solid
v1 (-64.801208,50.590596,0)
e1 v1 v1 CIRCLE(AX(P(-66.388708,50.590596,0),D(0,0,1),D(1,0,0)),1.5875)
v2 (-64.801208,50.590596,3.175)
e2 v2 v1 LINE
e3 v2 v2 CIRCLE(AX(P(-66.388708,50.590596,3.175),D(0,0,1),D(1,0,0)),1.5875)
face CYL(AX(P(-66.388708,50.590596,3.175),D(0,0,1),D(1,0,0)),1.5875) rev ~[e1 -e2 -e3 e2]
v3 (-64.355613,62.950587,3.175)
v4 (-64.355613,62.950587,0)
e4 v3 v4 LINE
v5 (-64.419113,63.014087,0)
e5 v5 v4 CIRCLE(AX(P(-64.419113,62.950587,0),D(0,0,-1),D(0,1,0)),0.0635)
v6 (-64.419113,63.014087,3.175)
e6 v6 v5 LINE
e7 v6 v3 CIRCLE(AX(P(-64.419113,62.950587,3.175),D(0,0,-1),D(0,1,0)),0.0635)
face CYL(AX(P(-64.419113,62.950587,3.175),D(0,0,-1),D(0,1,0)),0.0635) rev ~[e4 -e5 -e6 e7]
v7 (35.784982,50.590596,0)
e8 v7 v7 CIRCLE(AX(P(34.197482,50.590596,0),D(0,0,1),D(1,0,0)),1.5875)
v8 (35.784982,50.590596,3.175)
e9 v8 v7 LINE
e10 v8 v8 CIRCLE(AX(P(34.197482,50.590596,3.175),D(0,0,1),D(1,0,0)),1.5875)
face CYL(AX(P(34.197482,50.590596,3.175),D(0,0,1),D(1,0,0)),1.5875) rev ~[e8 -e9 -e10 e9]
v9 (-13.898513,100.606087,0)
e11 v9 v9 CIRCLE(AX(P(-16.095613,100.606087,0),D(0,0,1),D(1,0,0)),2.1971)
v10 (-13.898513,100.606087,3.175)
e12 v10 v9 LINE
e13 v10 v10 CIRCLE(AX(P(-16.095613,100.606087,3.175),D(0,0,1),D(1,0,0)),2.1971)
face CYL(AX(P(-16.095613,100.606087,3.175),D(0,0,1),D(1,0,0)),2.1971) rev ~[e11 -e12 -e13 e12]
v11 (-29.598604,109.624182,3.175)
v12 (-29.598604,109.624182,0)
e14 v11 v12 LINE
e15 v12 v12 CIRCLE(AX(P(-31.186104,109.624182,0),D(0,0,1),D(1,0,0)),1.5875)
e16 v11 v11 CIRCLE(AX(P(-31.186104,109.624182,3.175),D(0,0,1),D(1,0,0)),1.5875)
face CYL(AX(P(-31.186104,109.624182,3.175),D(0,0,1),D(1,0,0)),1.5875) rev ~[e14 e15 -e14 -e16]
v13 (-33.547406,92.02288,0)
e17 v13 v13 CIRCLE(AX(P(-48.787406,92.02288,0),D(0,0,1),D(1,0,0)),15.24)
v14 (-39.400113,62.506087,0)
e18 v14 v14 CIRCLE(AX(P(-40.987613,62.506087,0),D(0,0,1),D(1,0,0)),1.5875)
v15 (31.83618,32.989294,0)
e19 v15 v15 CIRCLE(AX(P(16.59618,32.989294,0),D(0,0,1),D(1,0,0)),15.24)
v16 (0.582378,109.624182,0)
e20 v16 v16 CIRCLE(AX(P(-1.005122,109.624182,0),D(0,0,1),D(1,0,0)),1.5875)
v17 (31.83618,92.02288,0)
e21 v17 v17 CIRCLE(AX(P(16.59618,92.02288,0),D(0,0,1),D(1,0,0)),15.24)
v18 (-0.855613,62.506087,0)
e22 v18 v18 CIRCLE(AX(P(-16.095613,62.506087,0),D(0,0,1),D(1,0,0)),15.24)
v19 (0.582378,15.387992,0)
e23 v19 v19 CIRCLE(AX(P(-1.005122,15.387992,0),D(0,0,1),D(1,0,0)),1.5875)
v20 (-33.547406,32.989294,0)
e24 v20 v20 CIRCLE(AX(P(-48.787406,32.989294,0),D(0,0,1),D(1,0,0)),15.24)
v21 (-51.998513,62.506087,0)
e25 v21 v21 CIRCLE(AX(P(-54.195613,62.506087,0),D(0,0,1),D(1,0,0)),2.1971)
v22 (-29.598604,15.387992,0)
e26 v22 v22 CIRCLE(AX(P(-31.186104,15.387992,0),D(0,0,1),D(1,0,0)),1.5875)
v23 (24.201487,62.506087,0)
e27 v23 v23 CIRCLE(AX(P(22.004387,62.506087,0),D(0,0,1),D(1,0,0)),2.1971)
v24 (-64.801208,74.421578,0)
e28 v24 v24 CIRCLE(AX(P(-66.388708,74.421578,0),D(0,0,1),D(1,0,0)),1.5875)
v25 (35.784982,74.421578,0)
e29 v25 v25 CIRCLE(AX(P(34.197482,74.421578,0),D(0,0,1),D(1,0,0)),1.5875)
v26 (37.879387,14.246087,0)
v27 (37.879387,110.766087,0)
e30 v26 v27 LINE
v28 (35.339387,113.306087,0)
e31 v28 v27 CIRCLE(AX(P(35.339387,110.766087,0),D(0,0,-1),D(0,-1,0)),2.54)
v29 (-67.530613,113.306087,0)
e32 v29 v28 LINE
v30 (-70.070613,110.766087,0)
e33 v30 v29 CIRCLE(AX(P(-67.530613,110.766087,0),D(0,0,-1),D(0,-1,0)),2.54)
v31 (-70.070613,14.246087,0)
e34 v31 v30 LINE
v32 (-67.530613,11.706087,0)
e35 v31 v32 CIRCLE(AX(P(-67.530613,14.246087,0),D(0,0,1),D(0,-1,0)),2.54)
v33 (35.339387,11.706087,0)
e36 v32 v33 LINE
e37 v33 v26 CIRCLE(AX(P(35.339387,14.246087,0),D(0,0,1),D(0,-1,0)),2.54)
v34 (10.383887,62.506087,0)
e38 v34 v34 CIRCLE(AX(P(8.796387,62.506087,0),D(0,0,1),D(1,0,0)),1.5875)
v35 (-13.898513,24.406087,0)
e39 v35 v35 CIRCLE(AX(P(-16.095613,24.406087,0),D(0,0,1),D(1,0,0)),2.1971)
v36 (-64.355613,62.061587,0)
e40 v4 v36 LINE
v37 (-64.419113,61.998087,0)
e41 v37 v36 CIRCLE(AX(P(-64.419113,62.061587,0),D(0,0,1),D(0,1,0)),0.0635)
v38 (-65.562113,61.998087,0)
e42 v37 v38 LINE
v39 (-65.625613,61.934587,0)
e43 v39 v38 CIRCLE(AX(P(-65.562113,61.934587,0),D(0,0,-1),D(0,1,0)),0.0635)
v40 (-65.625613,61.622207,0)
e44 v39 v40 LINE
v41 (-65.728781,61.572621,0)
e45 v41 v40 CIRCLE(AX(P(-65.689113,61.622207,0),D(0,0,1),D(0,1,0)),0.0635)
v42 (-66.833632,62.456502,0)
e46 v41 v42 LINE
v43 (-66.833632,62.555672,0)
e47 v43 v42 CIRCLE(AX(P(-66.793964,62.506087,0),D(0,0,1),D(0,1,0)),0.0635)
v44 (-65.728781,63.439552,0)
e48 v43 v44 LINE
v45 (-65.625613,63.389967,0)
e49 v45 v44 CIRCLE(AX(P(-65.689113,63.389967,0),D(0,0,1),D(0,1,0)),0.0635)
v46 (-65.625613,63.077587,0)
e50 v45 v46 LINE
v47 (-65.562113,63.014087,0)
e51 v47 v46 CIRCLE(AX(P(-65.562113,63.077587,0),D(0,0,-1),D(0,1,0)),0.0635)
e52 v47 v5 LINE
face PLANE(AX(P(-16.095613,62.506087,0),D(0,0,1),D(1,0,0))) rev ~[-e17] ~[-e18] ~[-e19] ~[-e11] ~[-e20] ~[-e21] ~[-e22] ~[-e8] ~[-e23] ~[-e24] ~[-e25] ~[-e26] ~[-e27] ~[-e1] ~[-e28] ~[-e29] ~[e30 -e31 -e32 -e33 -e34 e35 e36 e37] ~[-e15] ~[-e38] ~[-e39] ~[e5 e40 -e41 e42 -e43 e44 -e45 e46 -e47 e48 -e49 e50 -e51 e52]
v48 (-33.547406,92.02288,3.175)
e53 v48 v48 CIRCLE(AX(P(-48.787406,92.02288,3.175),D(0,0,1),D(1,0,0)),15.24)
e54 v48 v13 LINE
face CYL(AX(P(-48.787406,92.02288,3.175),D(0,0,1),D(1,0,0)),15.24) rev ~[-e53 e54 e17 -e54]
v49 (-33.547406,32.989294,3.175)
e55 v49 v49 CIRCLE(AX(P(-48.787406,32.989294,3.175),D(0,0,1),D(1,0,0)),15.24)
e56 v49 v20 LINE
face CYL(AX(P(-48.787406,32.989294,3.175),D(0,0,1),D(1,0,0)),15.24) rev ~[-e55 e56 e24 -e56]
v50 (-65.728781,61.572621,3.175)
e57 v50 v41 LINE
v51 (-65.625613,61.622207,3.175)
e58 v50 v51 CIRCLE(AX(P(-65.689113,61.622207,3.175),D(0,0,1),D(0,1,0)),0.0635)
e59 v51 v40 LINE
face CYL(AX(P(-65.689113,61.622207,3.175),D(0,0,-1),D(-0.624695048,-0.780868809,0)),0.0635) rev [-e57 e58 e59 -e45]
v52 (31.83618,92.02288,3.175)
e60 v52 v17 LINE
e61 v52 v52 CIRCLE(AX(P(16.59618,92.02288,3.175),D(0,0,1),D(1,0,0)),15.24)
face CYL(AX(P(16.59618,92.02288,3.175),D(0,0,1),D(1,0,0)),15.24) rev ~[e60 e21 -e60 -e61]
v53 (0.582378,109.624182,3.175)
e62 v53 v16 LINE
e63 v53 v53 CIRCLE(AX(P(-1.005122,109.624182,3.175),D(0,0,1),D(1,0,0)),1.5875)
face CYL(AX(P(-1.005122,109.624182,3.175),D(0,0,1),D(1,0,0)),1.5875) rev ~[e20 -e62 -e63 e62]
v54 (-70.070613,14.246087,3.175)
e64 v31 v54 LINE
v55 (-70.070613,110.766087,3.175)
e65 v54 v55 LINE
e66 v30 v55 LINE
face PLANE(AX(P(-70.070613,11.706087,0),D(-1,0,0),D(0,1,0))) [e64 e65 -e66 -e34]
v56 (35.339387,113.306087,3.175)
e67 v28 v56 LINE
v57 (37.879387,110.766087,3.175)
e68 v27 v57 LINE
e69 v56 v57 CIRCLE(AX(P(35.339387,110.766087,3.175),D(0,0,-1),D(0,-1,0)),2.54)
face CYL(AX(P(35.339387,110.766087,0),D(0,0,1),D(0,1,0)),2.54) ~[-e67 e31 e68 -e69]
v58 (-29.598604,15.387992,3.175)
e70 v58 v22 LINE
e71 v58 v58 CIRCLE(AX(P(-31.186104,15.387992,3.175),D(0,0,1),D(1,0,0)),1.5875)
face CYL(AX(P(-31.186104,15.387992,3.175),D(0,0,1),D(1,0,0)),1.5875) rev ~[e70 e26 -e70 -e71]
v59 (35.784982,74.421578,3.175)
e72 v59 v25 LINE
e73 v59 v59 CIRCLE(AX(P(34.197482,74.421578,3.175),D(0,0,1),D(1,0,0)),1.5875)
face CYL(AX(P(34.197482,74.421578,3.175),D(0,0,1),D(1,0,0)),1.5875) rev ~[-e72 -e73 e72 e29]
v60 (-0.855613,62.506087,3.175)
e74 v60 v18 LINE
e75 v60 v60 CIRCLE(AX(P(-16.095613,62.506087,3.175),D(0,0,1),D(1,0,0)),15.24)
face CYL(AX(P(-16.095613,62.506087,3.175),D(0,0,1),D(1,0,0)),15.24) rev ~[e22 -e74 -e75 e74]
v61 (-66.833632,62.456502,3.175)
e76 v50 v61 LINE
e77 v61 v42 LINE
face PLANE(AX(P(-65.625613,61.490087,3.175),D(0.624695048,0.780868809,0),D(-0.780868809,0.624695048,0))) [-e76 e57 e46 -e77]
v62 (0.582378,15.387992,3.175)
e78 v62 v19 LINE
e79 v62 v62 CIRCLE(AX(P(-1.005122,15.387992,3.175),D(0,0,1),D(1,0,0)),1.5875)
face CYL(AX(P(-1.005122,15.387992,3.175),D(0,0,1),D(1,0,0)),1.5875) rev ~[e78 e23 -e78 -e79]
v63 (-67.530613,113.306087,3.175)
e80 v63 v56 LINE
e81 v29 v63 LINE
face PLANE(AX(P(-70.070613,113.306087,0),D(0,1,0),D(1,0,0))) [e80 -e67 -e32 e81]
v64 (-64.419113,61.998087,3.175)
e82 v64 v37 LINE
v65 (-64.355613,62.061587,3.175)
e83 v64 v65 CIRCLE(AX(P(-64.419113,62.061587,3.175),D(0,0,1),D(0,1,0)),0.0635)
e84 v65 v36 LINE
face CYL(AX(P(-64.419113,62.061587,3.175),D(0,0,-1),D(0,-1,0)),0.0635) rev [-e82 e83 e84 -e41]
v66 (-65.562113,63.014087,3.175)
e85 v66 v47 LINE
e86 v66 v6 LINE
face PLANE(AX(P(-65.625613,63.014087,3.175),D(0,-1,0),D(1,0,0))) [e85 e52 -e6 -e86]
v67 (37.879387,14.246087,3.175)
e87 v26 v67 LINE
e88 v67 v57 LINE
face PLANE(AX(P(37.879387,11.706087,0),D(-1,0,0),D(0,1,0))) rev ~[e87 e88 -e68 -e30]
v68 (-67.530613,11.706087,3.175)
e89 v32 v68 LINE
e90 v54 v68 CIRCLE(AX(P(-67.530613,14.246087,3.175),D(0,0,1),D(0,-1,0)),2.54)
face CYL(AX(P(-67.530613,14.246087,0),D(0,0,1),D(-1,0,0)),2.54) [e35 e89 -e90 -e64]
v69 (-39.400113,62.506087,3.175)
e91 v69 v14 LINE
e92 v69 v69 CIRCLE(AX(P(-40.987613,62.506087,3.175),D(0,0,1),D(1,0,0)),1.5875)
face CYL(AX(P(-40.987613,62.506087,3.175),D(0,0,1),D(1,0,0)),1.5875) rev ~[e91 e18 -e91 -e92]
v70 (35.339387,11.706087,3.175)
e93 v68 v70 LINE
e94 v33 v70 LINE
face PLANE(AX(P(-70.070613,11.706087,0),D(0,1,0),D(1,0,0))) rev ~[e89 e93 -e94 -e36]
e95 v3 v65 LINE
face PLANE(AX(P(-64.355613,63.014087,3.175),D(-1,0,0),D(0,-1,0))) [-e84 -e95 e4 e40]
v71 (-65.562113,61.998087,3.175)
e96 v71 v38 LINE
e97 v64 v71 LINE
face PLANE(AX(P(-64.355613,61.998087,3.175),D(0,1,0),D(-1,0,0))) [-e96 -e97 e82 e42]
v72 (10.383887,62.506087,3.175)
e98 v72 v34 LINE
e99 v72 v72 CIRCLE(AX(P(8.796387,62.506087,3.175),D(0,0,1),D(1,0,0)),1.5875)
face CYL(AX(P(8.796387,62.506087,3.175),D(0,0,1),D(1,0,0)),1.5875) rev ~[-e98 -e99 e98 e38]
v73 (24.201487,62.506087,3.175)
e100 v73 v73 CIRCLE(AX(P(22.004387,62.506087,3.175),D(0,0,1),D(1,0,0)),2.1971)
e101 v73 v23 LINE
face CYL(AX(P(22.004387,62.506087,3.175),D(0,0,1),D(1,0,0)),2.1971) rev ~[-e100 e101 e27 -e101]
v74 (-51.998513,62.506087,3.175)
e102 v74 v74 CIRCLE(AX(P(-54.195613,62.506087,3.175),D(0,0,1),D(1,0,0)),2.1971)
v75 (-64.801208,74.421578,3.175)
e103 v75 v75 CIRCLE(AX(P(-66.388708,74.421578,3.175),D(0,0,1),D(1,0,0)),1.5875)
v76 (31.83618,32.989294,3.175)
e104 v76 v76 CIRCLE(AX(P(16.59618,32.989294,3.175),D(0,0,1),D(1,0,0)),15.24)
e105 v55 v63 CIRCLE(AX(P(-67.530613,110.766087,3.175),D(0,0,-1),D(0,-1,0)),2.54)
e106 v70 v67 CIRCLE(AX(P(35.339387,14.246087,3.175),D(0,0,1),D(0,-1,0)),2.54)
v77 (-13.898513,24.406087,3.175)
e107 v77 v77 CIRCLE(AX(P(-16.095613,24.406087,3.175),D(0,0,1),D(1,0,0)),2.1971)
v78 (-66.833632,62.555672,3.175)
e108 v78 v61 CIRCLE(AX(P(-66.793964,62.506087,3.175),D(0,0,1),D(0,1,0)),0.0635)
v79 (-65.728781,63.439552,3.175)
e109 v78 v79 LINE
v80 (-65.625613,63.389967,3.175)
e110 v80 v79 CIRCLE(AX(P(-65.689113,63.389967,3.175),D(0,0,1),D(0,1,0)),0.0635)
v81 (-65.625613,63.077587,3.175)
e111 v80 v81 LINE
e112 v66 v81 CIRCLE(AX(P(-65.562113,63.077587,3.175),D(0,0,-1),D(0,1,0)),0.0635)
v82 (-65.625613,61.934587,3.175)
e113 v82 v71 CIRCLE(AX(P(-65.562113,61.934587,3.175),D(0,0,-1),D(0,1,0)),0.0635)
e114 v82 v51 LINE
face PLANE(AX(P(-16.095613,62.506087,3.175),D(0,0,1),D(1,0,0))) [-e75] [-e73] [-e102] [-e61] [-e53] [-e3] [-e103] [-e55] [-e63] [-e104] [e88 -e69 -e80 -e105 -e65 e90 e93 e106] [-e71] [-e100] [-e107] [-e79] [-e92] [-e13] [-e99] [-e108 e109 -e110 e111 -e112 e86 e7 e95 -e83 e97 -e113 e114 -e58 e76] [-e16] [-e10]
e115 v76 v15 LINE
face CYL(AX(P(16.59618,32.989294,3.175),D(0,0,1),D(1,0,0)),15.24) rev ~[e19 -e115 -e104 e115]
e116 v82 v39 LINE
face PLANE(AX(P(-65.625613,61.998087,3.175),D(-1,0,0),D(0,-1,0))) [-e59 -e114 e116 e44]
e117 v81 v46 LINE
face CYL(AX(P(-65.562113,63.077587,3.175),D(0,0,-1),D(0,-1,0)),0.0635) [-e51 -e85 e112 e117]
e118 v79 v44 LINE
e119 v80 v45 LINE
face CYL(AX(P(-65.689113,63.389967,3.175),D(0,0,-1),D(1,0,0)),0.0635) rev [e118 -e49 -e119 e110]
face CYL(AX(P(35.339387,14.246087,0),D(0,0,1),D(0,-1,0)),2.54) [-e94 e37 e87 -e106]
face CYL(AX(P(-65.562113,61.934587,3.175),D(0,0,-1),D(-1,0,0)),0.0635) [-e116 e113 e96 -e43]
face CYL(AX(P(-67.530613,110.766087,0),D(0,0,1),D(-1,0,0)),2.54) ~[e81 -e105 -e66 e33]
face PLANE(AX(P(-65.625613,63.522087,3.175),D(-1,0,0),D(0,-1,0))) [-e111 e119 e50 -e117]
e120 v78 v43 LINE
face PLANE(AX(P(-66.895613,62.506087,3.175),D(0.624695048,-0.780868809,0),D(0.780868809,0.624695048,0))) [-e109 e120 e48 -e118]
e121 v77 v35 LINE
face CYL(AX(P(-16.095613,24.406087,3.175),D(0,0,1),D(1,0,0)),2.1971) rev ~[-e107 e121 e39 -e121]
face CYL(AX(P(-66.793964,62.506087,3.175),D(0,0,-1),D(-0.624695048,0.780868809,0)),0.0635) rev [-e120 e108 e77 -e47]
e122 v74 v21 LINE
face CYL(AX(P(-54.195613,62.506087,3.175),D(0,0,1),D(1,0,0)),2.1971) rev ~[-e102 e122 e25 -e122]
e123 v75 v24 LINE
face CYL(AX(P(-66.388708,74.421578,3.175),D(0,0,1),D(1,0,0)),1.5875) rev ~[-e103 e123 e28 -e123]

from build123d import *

# Parameters (mm, degrees)
SKETCH1_W           = 107.95
SKETCH1_H           = 101.6
BOSS_EXTRUDE1_DEPTH = 3.175
CUT_EXTRUDE1_REACH  = 5.175
SKETCH2_R           = 15.24
CUT_EXTRUDE2_REACH  = 5.175
SKETCH3_R           = 1.5875
CUT_EXTRUDE3_REACH  = 5.175
SKETCH4_R           = 2.1971
FILLET1_R           = 2.54
CUT_EXTRUDE4_DEPTH  = 4.175
FILLET3_R           = 0.0635


with BuildPart() as part:
    # Sketch1 → Boss-Extrude1 (new body)
    with BuildSketch(Plane.XY):
        with Locations((-16.095613336, 62.506086957)):
            Rectangle(SKETCH1_W, SKETCH1_H)
    extrude(amount=BOSS_EXTRUDE1_DEPTH)

    # Sketch2 → Cut-Extrude1 (cut, up to next)
    with BuildSketch(Plane.XY.offset(3.175), mode=Mode.PRIVATE) as cut_extrude1_sk1:
        with Locations((-16.095613336, 62.506086957)):
            Circle(SKETCH2_R)
    cut_extrude1_tool1 = extrude(cut_extrude1_sk1.sketch, amount=-CUT_EXTRUDE1_REACH, mode=Mode.PRIVATE) & part.part
    add(cut_extrude1_tool1.solids().sort_by_distance((-16.095613, 62.506087, 3.175))[0], mode=Mode.SUBTRACT)
    # Sketch2 → Cut-Extrude1 (cut, up to next)
    with BuildSketch(Plane.XY.offset(3.175), mode=Mode.PRIVATE) as cut_extrude1_sk2:
        with Locations((16.596179657, 32.989293963)):
            Circle(SKETCH2_R)
    cut_extrude1_tool2 = extrude(cut_extrude1_sk2.sketch, amount=-CUT_EXTRUDE1_REACH, mode=Mode.PRIVATE) & part.part
    add(cut_extrude1_tool2.solids().sort_by_distance((16.59618, 32.989294, 3.175))[0], mode=Mode.SUBTRACT)
    # Sketch2 → Cut-Extrude1 (cut, up to next)
    with BuildSketch(Plane.XY.offset(3.175), mode=Mode.PRIVATE) as cut_extrude1_sk3:
        with Locations((16.596179657, 92.02287995)):
            Circle(SKETCH2_R)
    cut_extrude1_tool3 = extrude(cut_extrude1_sk3.sketch, amount=-CUT_EXTRUDE1_REACH, mode=Mode.PRIVATE) & part.part
    add(cut_extrude1_tool3.solids().sort_by_distance((16.59618, 92.02288, 3.175))[0], mode=Mode.SUBTRACT)
    # Sketch2 → Cut-Extrude1 (cut, up to next)
    with BuildSketch(Plane.XY.offset(3.175), mode=Mode.PRIVATE) as cut_extrude1_sk4:
        with Locations((-48.787406329, 92.02287995)):
            Circle(SKETCH2_R)
    cut_extrude1_tool4 = extrude(cut_extrude1_sk4.sketch, amount=-CUT_EXTRUDE1_REACH, mode=Mode.PRIVATE) & part.part
    add(cut_extrude1_tool4.solids().sort_by_distance((-48.787406, 92.02288, 3.175))[0], mode=Mode.SUBTRACT)
    # Sketch2 → Cut-Extrude1 (cut, up to next)
    with BuildSketch(Plane.XY.offset(3.175), mode=Mode.PRIVATE) as cut_extrude1_sk5:
        with Locations((-48.787406329, 32.989293963)):
            Circle(SKETCH2_R)
    cut_extrude1_tool5 = extrude(cut_extrude1_sk5.sketch, amount=-CUT_EXTRUDE1_REACH, mode=Mode.PRIVATE) & part.part
    add(cut_extrude1_tool5.solids().sort_by_distance((-48.787406, 32.989294, 3.175))[0], mode=Mode.SUBTRACT)

    # Sketch3 → Cut-Extrude2 (cut, up to next)
    with BuildSketch(Plane.XY.offset(3.175), mode=Mode.PRIVATE) as cut_extrude2_sk1:
        with Locations((-31.186104332, 109.624181947)):
            Circle(SKETCH3_R)
    cut_extrude2_tool1 = extrude(cut_extrude2_sk1.sketch, amount=-CUT_EXTRUDE2_REACH, mode=Mode.PRIVATE) & part.part
    add(cut_extrude2_tool1.solids().sort_by_distance((-31.186104, 109.624182, 3.175))[0], mode=Mode.SUBTRACT)
    # Sketch3 → Cut-Extrude2 (cut, up to next)
    with BuildSketch(Plane.XY.offset(3.175), mode=Mode.PRIVATE) as cut_extrude2_sk2:
        with Locations((-66.388708326, 74.421577952)):
            Circle(SKETCH3_R)
    cut_extrude2_tool2 = extrude(cut_extrude2_sk2.sketch, amount=-CUT_EXTRUDE2_REACH, mode=Mode.PRIVATE) & part.part
    add(cut_extrude2_tool2.solids().sort_by_distance((-66.388708, 74.421578, 3.175))[0], mode=Mode.SUBTRACT)
    # Sketch3 → Cut-Extrude2 (cut, up to next)
    with BuildSketch(Plane.XY.offset(3.175), mode=Mode.PRIVATE) as cut_extrude2_sk3:
        with Locations((-1.00512234, 109.624181947)):
            Circle(SKETCH3_R)
    cut_extrude2_tool3 = extrude(cut_extrude2_sk3.sketch, amount=-CUT_EXTRUDE2_REACH, mode=Mode.PRIVATE) & part.part
    add(cut_extrude2_tool3.solids().sort_by_distance((-1.005122, 109.624182, 3.175))[0], mode=Mode.SUBTRACT)
    # Sketch3 → Cut-Extrude2 (cut, up to next)
    with BuildSketch(Plane.XY.offset(3.175), mode=Mode.PRIVATE) as cut_extrude2_sk4:
        with Locations((34.197481654, 74.421577952)):
            Circle(SKETCH3_R)
    cut_extrude2_tool4 = extrude(cut_extrude2_sk4.sketch, amount=-CUT_EXTRUDE2_REACH, mode=Mode.PRIVATE) & part.part
    add(cut_extrude2_tool4.solids().sort_by_distance((34.197482, 74.421578, 3.175))[0], mode=Mode.SUBTRACT)
    # Sketch3 → Cut-Extrude2 (cut, up to next)
    with BuildSketch(Plane.XY.offset(3.175), mode=Mode.PRIVATE) as cut_extrude2_sk5:
        with Locations((-31.186104332, 15.387991966)):
            Circle(SKETCH3_R)
    cut_extrude2_tool5 = extrude(cut_extrude2_sk5.sketch, amount=-CUT_EXTRUDE2_REACH, mode=Mode.PRIVATE) & part.part
    add(cut_extrude2_tool5.solids().sort_by_distance((-31.186104, 15.387992, 3.175))[0], mode=Mode.SUBTRACT)
    # Sketch3 → Cut-Extrude2 (cut, up to next)
    with BuildSketch(Plane.XY.offset(3.175), mode=Mode.PRIVATE) as cut_extrude2_sk6:
        with Locations((-66.388708326, 50.590595961)):
            Circle(SKETCH3_R)
    cut_extrude2_tool6 = extrude(cut_extrude2_sk6.sketch, amount=-CUT_EXTRUDE2_REACH, mode=Mode.PRIVATE) & part.part
    add(cut_extrude2_tool6.solids().sort_by_distance((-66.388708, 50.590596, 3.175))[0], mode=Mode.SUBTRACT)
    # Sketch3 → Cut-Extrude2 (cut, up to next)
    with BuildSketch(Plane.XY.offset(3.175), mode=Mode.PRIVATE) as cut_extrude2_sk7:
        with Locations((-1.00512234, 15.387991966)):
            Circle(SKETCH3_R)
    cut_extrude2_tool7 = extrude(cut_extrude2_sk7.sketch, amount=-CUT_EXTRUDE2_REACH, mode=Mode.PRIVATE) & part.part
    add(cut_extrude2_tool7.solids().sort_by_distance((-1.005122, 15.387992, 3.175))[0], mode=Mode.SUBTRACT)
    # Sketch3 → Cut-Extrude2 (cut, up to next)
    with BuildSketch(Plane.XY.offset(3.175), mode=Mode.PRIVATE) as cut_extrude2_sk8:
        with Locations((34.197481654, 50.590595961)):
            Circle(SKETCH3_R)
    cut_extrude2_tool8 = extrude(cut_extrude2_sk8.sketch, amount=-CUT_EXTRUDE2_REACH, mode=Mode.PRIVATE) & part.part
    add(cut_extrude2_tool8.solids().sort_by_distance((34.197482, 50.590596, 3.175))[0], mode=Mode.SUBTRACT)
    # Sketch3 → Cut-Extrude2 (cut, up to next)
    with BuildSketch(Plane.XY.offset(3.175), mode=Mode.PRIVATE) as cut_extrude2_sk9:
        with Locations((8.796386664, 62.506086957)):
            Circle(SKETCH3_R)
    cut_extrude2_tool9 = extrude(cut_extrude2_sk9.sketch, amount=-CUT_EXTRUDE2_REACH, mode=Mode.PRIVATE) & part.part
    add(cut_extrude2_tool9.solids().sort_by_distance((8.796387, 62.506087, 3.175))[0], mode=Mode.SUBTRACT)
    # Sketch3 → Cut-Extrude2 (cut, up to next)
    with BuildSketch(Plane.XY.offset(3.175), mode=Mode.PRIVATE) as cut_extrude2_sk10:
        with Locations((-40.987613336, 62.506086957)):
            Circle(SKETCH3_R)
    cut_extrude2_tool10 = extrude(cut_extrude2_sk10.sketch, amount=-CUT_EXTRUDE2_REACH, mode=Mode.PRIVATE) & part.part
    add(cut_extrude2_tool10.solids().sort_by_distance((-40.987613, 62.506087, 3.175))[0], mode=Mode.SUBTRACT)

    # Sketch4 → Cut-Extrude3 (cut, up to next)
    with BuildSketch(Plane.XY.offset(3.175), mode=Mode.PRIVATE) as cut_extrude3_sk1:
        with Locations((-16.095613336, 100.606086957)):
            Circle(SKETCH4_R)
    cut_extrude3_tool1 = extrude(cut_extrude3_sk1.sketch, amount=-CUT_EXTRUDE3_REACH, mode=Mode.PRIVATE) & part.part
    add(cut_extrude3_tool1.solids().sort_by_distance((-16.095613, 100.606087, 3.175))[0], mode=Mode.SUBTRACT)
    # Sketch4 → Cut-Extrude3 (cut, up to next)
    with BuildSketch(Plane.XY.offset(3.175), mode=Mode.PRIVATE) as cut_extrude3_sk2:
        with Locations((-16.095613336, 24.406086957)):
            Circle(SKETCH4_R)
    cut_extrude3_tool2 = extrude(cut_extrude3_sk2.sketch, amount=-CUT_EXTRUDE3_REACH, mode=Mode.PRIVATE) & part.part
    add(cut_extrude3_tool2.solids().sort_by_distance((-16.095613, 24.406087, 3.175))[0], mode=Mode.SUBTRACT)
    # Sketch4 → Cut-Extrude3 (cut, up to next)
    with BuildSketch(Plane.XY.offset(3.175), mode=Mode.PRIVATE) as cut_extrude3_sk3:
        with Locations((-54.195613336, 62.506086957)):
            Circle(SKETCH4_R)
    cut_extrude3_tool3 = extrude(cut_extrude3_sk3.sketch, amount=-CUT_EXTRUDE3_REACH, mode=Mode.PRIVATE) & part.part
    add(cut_extrude3_tool3.solids().sort_by_distance((-54.195613, 62.506087, 3.175))[0], mode=Mode.SUBTRACT)
    # Sketch4 → Cut-Extrude3 (cut, up to next)
    with BuildSketch(Plane.XY.offset(3.175), mode=Mode.PRIVATE) as cut_extrude3_sk4:
        with Locations((22.004386664, 62.506086957)):
            Circle(SKETCH4_R)
    cut_extrude3_tool4 = extrude(cut_extrude3_sk4.sketch, amount=-CUT_EXTRUDE3_REACH, mode=Mode.PRIVATE) & part.part
    add(cut_extrude3_tool4.solids().sort_by_distance((22.004387, 62.506087, 3.175))[0], mode=Mode.SUBTRACT)

    # Fillet1
    fillet1_edges = [part.edges().sort_by_distance(p)[0] for p in [
        (37.879386664, 11.706086957, 1.5875),
        (-70.070613336, 11.706086957, 1.5875),
        (-70.070613336, 113.306086957, 1.5875),
        (37.879386664, 113.306086957, 1.5875),
    ]]
    fillet(fillet1_edges, radius=FILLET1_R)

    # Sketch5 → Cut-Extrude4 (cut, through all)
    with BuildSketch(Plane.XY.offset(3.175)):
        Polygon((-64.355613336, 63.014086957), (-64.355613336, 61.998086957), (-65.625613336, 61.998086957), (-65.625613336, 61.490086957), (-66.895613336, 62.506086957), (-65.625613336, 63.522086957), (-65.625613336, 63.014086957), align=None)
    extrude(amount=-CUT_EXTRUDE4_DEPTH, mode=Mode.SUBTRACT)

    # Fillet3
    fillet3_edges = [part.edges().sort_by_distance(p)[0] for p in [
        (-65.625613336, 61.998086957, 1.5875),
        (-65.625613336, 61.490086957, 1.5875),
        (-66.895613336, 62.506086957, 1.5875),
        (-65.625613336, 63.522086957, 1.5875),
        (-65.625613336, 63.014086957, 1.5875),
        (-64.355613336, 63.014086957, 1.5875),
        (-64.355613336, 61.998086957, 1.5875),
    ]]
    fillet(fillet3_edges, radius=FILLET3_R)


solid = part.part
